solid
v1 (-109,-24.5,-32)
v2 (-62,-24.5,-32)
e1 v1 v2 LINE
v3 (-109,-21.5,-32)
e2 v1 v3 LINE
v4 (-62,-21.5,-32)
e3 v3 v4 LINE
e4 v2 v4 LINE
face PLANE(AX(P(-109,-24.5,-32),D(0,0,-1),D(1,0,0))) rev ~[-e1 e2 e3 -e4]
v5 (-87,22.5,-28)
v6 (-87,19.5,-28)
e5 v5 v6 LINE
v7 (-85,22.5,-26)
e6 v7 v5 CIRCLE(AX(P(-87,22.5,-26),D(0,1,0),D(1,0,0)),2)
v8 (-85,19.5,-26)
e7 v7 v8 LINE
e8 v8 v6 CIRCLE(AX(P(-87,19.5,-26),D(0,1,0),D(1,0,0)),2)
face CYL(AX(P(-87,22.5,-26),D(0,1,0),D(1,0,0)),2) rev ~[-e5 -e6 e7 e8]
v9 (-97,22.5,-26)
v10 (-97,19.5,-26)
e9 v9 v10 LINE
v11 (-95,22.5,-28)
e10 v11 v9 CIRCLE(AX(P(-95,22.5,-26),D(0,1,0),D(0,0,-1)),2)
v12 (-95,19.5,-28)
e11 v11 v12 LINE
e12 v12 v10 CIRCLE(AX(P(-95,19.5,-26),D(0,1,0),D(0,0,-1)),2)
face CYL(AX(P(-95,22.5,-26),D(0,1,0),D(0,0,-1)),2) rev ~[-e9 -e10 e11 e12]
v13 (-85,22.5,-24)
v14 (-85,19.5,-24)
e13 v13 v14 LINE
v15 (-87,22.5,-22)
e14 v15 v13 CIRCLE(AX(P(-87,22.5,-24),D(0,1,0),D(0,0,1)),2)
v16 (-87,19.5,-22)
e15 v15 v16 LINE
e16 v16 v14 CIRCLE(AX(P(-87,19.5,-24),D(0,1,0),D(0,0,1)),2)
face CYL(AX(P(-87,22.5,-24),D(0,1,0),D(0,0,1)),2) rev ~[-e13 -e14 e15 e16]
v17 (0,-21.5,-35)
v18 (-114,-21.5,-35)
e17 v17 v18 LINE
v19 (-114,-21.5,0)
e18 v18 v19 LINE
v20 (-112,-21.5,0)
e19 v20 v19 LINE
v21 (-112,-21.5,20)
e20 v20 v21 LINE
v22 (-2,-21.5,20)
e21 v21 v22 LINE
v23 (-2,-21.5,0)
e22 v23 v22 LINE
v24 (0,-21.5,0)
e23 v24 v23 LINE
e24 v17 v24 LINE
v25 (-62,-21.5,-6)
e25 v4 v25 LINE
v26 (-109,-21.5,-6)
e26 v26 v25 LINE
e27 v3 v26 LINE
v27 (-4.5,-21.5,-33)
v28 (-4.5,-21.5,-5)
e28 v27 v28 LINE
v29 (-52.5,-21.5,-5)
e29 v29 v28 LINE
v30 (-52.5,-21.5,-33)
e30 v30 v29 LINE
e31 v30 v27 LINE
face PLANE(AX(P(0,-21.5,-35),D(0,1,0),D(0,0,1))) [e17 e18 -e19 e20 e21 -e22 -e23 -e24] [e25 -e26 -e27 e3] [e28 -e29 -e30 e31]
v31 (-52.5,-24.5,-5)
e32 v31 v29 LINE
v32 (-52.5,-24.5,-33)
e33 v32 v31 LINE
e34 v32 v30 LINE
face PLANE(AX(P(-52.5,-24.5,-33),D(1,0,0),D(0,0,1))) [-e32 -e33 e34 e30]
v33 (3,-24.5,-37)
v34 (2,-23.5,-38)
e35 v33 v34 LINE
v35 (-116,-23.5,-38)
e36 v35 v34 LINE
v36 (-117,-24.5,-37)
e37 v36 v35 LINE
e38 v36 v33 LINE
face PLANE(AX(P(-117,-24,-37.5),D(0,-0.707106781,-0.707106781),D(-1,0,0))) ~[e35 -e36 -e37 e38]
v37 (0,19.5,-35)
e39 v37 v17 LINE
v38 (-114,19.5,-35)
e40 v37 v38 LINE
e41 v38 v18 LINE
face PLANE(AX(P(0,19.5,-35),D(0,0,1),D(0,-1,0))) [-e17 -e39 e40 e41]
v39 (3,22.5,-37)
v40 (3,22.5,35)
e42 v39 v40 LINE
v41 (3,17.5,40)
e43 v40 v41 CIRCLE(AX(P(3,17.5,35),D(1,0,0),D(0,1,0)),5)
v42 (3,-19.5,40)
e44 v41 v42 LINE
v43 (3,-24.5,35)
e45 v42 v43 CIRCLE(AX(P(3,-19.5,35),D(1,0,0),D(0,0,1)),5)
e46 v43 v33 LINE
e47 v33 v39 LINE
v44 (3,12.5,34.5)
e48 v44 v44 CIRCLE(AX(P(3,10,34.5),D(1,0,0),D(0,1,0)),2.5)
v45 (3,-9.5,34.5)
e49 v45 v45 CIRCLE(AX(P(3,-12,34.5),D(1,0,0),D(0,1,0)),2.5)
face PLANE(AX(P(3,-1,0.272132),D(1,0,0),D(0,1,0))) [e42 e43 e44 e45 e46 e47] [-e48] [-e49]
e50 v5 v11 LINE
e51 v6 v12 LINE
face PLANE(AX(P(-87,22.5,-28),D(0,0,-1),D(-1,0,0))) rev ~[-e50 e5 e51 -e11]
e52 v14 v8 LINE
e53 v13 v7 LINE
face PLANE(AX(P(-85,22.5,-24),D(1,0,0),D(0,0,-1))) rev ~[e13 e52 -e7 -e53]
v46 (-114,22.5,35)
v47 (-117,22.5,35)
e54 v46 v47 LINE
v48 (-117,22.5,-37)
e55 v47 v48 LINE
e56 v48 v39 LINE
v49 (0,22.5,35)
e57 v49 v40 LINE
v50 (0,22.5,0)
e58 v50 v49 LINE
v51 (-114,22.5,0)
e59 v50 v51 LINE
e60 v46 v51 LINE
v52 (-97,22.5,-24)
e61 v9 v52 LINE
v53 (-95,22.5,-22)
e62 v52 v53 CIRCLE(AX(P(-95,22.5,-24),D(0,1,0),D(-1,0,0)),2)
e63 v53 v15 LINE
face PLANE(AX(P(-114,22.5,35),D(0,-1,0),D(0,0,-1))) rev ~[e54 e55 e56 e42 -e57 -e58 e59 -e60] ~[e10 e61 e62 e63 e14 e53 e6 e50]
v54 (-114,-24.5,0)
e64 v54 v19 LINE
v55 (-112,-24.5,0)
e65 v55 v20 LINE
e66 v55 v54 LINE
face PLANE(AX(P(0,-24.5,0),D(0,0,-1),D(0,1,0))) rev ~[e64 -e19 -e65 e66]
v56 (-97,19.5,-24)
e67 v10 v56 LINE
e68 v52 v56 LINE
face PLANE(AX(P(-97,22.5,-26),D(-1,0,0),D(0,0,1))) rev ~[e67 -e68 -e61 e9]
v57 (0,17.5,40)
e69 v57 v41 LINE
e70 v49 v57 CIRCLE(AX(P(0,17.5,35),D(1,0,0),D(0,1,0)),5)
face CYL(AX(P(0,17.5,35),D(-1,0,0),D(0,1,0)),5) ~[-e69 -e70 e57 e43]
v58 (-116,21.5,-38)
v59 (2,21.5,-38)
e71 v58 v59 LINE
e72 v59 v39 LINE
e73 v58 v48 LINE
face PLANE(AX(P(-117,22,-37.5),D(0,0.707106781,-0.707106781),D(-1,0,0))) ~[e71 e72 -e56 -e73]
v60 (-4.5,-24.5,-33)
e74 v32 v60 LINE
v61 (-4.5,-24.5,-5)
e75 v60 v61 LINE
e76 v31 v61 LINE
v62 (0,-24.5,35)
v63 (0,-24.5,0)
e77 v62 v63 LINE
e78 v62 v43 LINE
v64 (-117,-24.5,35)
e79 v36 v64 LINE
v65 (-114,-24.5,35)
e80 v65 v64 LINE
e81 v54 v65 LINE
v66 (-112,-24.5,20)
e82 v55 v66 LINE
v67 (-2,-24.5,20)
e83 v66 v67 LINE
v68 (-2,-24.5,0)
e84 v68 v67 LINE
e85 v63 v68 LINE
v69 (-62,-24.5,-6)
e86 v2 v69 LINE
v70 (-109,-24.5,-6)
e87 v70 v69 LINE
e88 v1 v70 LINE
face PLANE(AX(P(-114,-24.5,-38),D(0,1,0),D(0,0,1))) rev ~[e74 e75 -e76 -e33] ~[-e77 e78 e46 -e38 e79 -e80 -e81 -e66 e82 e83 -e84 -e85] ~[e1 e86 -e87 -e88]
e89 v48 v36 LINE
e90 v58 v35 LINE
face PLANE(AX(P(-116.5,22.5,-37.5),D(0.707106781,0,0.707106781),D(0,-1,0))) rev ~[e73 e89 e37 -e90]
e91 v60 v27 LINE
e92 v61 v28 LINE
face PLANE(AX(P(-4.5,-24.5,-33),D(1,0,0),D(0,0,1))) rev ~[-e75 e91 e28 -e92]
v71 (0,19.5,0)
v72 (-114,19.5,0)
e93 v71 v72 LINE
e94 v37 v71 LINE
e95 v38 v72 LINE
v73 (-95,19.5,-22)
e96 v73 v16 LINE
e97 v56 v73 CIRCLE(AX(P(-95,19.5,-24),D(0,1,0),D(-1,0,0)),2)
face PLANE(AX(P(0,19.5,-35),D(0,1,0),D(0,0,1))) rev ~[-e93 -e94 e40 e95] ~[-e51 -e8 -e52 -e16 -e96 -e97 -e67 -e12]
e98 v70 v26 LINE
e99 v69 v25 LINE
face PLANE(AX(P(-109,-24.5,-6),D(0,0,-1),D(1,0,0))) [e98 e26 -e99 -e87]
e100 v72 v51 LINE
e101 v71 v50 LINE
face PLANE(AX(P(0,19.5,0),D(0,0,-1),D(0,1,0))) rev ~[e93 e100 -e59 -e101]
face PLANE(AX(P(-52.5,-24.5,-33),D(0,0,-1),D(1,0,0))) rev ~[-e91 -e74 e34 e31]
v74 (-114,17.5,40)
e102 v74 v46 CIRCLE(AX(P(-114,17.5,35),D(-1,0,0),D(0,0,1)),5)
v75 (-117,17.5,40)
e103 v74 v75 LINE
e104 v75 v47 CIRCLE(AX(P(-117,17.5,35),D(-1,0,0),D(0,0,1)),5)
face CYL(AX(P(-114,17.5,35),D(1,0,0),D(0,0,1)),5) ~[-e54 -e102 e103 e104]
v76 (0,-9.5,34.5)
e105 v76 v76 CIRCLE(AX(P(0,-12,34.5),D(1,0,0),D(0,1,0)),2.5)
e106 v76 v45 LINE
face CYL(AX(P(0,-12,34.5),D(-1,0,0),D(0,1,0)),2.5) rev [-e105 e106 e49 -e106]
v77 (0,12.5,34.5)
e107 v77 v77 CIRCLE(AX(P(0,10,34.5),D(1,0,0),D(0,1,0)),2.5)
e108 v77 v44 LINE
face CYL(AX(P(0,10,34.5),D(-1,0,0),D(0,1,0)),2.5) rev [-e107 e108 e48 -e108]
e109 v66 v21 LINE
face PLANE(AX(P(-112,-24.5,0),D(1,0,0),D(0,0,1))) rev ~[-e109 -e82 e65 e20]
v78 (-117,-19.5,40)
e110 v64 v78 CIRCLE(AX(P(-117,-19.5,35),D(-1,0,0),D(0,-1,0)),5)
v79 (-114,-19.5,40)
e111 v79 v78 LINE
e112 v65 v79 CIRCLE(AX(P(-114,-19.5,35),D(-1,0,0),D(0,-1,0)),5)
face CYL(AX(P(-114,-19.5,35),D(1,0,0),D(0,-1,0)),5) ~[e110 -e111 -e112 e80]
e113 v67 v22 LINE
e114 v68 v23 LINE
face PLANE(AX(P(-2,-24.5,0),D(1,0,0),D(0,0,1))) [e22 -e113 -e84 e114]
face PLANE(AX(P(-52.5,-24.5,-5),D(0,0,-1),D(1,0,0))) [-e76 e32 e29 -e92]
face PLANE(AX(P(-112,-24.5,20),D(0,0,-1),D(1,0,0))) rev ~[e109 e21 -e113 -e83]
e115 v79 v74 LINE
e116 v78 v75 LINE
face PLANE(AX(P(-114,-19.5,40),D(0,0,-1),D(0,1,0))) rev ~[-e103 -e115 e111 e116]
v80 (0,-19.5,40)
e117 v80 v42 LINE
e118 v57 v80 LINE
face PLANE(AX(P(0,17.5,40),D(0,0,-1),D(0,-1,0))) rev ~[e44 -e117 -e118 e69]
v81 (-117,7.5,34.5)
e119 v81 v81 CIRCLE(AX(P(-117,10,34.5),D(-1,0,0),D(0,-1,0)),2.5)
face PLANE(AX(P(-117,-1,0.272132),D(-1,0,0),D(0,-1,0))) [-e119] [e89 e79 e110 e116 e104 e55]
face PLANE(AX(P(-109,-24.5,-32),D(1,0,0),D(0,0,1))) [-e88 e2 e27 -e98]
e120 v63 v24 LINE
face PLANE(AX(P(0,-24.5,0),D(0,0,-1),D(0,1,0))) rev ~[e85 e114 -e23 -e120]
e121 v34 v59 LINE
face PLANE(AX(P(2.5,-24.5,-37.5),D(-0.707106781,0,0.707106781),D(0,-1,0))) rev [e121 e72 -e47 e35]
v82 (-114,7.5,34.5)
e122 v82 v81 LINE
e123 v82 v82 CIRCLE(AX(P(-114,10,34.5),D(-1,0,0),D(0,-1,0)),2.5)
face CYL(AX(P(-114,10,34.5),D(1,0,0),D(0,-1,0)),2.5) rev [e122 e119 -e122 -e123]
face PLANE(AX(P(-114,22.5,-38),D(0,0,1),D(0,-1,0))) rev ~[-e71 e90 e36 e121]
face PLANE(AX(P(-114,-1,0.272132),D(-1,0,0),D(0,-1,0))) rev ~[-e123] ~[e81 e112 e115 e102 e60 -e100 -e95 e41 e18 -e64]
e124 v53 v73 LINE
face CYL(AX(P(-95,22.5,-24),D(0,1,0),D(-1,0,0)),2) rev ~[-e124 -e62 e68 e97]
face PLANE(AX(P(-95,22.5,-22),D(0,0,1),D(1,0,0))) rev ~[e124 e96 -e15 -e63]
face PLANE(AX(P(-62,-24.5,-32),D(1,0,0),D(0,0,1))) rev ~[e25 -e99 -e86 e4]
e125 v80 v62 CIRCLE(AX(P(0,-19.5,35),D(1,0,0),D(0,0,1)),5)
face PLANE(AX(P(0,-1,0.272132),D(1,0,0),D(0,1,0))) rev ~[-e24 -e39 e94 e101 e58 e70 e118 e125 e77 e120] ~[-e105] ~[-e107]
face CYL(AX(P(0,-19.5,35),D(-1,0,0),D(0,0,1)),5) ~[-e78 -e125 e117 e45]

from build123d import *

# Parameters (mm, degrees)
F2_R      = 2.5
F3_DEPTH  = 3
F4_W      = 3
F4_H      = 3
F4_W_2    = 41
F4_H_2    = 35
F5_DEPTH  = 114
F6_R      = 2.5
F7_DEPTH  = 3
F8_W      = 110
F8_H      = 20
F9_DEPTH  = 3
F10_W     = 47
F10_H     = 26
F10_W_2   = 48
F10_H_2   = 28
F11_DEPTH = 3
F13_DEPTH = 3
F14_SIZE  = 1


with BuildPart() as f3:
    # F2 (on Right) → F3 (new body)
    with BuildSketch(Plane.YZ):
        with BuildLine():
            ThreePointArc((22.5, 35), (21.0355339059, 38.5355339059), (17.5, 40))
            Line((17.5, 40), (-19.5, 40))
            ThreePointArc((-19.5, 40), (-23.0355339059, 38.5355339059), (-24.5, 35))
            Line((-24.5, 35), (-24.5, -38))
            Line((-24.5, -38), (22.5, -38))
            Line((22.5, -38), (22.5, 35))
        make_face()
        with Locations((-12, 34.5)):
            Circle(F2_R, mode=Mode.SUBTRACT)
        with Locations((10, 34.5)):
            Circle(F2_R, mode=Mode.SUBTRACT)
    extrude(amount=F3_DEPTH)

    # F4 (on Right) → F5 (join)
    with BuildSketch(Plane.YZ):
        with Locations((21, -36.5)):
            Rectangle(F4_W, F4_H)
        with Locations((-1, -36.5)):
            Rectangle(F4_W_2, F4_H)
        with Locations((21, -17.5)):
            Rectangle(F4_W, F4_H_2)
        with Locations((-23, -36.5)):
            Rectangle(F4_W, F4_H)
        with Locations((-23, -17.5)):
            Rectangle(F4_W, F4_H_2)
    extrude(amount=-F5_DEPTH)

    # F6 (on face) → F7 (join)
    with BuildSketch(Plane(origin=(-114, 0, 0), x_dir=(0, -1, 0), z_dir=(-1, 0, 0))):
        with BuildLine():
            ThreePointArc((24.5, 35), (23.0355339059, 38.5355339059), (19.5, 40))
            Line((19.5, 40), (-17.5, 40))
            ThreePointArc((-17.5, 40), (-21.0355339059, 38.5355339059), (-22.5, 35))
            Line((-22.5, 35), (-22.5, -38))
            Line((-22.5, -38), (24.5, -38))
            Line((24.5, -38), (24.5, 35))
        make_face()
        with Locations((-10, 34.5)):
            Circle(F6_R, mode=Mode.SUBTRACT)
    extrude(amount=F7_DEPTH)

    # F8 (on face) → F9 (join)
    with BuildSketch(Plane.XZ.offset(24.5)):
        with Locations((-57, 10)):
            Rectangle(F8_W, F8_H)
    extrude(amount=-F9_DEPTH)

    # F10 (on face) → F11 (cut, through all)
    with BuildSketch(Plane.XZ.offset(24.5)):
        with Locations((-85.5, -19)):
            Rectangle(F10_W, F10_H)
        with Locations((-28.5, -19)):
            Rectangle(F10_W_2, F10_H_2)
    extrude(amount=-F11_DEPTH, mode=Mode.SUBTRACT)

    # F12 (on face) → F13 (cut, through all)
    with BuildSketch(Plane(origin=(0, 22.5, 0), x_dir=(-1, 0, 0), z_dir=(0, 1, 0))):
        with BuildLine():
            ThreePointArc((85, -26), (85.5857864376, -27.4142135624), (87, -28))
            Line((87, -28), (95, -28))
            ThreePointArc((95, -28), (96.4142135624, -27.4142135624), (97, -26))
            Line((97, -26), (97, -24))
            ThreePointArc((97, -24), (96.4142135624, -22.5857864376), (95, -22))
            Line((95, -22), (87, -22))
            ThreePointArc((87, -22), (85.5857864376, -22.5857864376), (85, -24))
            Line((85, -24), (85, -26))
        make_face()
    extrude(amount=-F13_DEPTH, mode=Mode.SUBTRACT)

    # F14
    f14_edges = [f3.edges().sort_by_distance(p)[0] for p in [
        (-57, -24.5, -38),
        (3, -1, -38),
        (-57, 22.5, -38),
        (-117, -1, -38),
    ]]
    chamfer(f14_edges, length=F14_SIZE)


solid = f3.part
